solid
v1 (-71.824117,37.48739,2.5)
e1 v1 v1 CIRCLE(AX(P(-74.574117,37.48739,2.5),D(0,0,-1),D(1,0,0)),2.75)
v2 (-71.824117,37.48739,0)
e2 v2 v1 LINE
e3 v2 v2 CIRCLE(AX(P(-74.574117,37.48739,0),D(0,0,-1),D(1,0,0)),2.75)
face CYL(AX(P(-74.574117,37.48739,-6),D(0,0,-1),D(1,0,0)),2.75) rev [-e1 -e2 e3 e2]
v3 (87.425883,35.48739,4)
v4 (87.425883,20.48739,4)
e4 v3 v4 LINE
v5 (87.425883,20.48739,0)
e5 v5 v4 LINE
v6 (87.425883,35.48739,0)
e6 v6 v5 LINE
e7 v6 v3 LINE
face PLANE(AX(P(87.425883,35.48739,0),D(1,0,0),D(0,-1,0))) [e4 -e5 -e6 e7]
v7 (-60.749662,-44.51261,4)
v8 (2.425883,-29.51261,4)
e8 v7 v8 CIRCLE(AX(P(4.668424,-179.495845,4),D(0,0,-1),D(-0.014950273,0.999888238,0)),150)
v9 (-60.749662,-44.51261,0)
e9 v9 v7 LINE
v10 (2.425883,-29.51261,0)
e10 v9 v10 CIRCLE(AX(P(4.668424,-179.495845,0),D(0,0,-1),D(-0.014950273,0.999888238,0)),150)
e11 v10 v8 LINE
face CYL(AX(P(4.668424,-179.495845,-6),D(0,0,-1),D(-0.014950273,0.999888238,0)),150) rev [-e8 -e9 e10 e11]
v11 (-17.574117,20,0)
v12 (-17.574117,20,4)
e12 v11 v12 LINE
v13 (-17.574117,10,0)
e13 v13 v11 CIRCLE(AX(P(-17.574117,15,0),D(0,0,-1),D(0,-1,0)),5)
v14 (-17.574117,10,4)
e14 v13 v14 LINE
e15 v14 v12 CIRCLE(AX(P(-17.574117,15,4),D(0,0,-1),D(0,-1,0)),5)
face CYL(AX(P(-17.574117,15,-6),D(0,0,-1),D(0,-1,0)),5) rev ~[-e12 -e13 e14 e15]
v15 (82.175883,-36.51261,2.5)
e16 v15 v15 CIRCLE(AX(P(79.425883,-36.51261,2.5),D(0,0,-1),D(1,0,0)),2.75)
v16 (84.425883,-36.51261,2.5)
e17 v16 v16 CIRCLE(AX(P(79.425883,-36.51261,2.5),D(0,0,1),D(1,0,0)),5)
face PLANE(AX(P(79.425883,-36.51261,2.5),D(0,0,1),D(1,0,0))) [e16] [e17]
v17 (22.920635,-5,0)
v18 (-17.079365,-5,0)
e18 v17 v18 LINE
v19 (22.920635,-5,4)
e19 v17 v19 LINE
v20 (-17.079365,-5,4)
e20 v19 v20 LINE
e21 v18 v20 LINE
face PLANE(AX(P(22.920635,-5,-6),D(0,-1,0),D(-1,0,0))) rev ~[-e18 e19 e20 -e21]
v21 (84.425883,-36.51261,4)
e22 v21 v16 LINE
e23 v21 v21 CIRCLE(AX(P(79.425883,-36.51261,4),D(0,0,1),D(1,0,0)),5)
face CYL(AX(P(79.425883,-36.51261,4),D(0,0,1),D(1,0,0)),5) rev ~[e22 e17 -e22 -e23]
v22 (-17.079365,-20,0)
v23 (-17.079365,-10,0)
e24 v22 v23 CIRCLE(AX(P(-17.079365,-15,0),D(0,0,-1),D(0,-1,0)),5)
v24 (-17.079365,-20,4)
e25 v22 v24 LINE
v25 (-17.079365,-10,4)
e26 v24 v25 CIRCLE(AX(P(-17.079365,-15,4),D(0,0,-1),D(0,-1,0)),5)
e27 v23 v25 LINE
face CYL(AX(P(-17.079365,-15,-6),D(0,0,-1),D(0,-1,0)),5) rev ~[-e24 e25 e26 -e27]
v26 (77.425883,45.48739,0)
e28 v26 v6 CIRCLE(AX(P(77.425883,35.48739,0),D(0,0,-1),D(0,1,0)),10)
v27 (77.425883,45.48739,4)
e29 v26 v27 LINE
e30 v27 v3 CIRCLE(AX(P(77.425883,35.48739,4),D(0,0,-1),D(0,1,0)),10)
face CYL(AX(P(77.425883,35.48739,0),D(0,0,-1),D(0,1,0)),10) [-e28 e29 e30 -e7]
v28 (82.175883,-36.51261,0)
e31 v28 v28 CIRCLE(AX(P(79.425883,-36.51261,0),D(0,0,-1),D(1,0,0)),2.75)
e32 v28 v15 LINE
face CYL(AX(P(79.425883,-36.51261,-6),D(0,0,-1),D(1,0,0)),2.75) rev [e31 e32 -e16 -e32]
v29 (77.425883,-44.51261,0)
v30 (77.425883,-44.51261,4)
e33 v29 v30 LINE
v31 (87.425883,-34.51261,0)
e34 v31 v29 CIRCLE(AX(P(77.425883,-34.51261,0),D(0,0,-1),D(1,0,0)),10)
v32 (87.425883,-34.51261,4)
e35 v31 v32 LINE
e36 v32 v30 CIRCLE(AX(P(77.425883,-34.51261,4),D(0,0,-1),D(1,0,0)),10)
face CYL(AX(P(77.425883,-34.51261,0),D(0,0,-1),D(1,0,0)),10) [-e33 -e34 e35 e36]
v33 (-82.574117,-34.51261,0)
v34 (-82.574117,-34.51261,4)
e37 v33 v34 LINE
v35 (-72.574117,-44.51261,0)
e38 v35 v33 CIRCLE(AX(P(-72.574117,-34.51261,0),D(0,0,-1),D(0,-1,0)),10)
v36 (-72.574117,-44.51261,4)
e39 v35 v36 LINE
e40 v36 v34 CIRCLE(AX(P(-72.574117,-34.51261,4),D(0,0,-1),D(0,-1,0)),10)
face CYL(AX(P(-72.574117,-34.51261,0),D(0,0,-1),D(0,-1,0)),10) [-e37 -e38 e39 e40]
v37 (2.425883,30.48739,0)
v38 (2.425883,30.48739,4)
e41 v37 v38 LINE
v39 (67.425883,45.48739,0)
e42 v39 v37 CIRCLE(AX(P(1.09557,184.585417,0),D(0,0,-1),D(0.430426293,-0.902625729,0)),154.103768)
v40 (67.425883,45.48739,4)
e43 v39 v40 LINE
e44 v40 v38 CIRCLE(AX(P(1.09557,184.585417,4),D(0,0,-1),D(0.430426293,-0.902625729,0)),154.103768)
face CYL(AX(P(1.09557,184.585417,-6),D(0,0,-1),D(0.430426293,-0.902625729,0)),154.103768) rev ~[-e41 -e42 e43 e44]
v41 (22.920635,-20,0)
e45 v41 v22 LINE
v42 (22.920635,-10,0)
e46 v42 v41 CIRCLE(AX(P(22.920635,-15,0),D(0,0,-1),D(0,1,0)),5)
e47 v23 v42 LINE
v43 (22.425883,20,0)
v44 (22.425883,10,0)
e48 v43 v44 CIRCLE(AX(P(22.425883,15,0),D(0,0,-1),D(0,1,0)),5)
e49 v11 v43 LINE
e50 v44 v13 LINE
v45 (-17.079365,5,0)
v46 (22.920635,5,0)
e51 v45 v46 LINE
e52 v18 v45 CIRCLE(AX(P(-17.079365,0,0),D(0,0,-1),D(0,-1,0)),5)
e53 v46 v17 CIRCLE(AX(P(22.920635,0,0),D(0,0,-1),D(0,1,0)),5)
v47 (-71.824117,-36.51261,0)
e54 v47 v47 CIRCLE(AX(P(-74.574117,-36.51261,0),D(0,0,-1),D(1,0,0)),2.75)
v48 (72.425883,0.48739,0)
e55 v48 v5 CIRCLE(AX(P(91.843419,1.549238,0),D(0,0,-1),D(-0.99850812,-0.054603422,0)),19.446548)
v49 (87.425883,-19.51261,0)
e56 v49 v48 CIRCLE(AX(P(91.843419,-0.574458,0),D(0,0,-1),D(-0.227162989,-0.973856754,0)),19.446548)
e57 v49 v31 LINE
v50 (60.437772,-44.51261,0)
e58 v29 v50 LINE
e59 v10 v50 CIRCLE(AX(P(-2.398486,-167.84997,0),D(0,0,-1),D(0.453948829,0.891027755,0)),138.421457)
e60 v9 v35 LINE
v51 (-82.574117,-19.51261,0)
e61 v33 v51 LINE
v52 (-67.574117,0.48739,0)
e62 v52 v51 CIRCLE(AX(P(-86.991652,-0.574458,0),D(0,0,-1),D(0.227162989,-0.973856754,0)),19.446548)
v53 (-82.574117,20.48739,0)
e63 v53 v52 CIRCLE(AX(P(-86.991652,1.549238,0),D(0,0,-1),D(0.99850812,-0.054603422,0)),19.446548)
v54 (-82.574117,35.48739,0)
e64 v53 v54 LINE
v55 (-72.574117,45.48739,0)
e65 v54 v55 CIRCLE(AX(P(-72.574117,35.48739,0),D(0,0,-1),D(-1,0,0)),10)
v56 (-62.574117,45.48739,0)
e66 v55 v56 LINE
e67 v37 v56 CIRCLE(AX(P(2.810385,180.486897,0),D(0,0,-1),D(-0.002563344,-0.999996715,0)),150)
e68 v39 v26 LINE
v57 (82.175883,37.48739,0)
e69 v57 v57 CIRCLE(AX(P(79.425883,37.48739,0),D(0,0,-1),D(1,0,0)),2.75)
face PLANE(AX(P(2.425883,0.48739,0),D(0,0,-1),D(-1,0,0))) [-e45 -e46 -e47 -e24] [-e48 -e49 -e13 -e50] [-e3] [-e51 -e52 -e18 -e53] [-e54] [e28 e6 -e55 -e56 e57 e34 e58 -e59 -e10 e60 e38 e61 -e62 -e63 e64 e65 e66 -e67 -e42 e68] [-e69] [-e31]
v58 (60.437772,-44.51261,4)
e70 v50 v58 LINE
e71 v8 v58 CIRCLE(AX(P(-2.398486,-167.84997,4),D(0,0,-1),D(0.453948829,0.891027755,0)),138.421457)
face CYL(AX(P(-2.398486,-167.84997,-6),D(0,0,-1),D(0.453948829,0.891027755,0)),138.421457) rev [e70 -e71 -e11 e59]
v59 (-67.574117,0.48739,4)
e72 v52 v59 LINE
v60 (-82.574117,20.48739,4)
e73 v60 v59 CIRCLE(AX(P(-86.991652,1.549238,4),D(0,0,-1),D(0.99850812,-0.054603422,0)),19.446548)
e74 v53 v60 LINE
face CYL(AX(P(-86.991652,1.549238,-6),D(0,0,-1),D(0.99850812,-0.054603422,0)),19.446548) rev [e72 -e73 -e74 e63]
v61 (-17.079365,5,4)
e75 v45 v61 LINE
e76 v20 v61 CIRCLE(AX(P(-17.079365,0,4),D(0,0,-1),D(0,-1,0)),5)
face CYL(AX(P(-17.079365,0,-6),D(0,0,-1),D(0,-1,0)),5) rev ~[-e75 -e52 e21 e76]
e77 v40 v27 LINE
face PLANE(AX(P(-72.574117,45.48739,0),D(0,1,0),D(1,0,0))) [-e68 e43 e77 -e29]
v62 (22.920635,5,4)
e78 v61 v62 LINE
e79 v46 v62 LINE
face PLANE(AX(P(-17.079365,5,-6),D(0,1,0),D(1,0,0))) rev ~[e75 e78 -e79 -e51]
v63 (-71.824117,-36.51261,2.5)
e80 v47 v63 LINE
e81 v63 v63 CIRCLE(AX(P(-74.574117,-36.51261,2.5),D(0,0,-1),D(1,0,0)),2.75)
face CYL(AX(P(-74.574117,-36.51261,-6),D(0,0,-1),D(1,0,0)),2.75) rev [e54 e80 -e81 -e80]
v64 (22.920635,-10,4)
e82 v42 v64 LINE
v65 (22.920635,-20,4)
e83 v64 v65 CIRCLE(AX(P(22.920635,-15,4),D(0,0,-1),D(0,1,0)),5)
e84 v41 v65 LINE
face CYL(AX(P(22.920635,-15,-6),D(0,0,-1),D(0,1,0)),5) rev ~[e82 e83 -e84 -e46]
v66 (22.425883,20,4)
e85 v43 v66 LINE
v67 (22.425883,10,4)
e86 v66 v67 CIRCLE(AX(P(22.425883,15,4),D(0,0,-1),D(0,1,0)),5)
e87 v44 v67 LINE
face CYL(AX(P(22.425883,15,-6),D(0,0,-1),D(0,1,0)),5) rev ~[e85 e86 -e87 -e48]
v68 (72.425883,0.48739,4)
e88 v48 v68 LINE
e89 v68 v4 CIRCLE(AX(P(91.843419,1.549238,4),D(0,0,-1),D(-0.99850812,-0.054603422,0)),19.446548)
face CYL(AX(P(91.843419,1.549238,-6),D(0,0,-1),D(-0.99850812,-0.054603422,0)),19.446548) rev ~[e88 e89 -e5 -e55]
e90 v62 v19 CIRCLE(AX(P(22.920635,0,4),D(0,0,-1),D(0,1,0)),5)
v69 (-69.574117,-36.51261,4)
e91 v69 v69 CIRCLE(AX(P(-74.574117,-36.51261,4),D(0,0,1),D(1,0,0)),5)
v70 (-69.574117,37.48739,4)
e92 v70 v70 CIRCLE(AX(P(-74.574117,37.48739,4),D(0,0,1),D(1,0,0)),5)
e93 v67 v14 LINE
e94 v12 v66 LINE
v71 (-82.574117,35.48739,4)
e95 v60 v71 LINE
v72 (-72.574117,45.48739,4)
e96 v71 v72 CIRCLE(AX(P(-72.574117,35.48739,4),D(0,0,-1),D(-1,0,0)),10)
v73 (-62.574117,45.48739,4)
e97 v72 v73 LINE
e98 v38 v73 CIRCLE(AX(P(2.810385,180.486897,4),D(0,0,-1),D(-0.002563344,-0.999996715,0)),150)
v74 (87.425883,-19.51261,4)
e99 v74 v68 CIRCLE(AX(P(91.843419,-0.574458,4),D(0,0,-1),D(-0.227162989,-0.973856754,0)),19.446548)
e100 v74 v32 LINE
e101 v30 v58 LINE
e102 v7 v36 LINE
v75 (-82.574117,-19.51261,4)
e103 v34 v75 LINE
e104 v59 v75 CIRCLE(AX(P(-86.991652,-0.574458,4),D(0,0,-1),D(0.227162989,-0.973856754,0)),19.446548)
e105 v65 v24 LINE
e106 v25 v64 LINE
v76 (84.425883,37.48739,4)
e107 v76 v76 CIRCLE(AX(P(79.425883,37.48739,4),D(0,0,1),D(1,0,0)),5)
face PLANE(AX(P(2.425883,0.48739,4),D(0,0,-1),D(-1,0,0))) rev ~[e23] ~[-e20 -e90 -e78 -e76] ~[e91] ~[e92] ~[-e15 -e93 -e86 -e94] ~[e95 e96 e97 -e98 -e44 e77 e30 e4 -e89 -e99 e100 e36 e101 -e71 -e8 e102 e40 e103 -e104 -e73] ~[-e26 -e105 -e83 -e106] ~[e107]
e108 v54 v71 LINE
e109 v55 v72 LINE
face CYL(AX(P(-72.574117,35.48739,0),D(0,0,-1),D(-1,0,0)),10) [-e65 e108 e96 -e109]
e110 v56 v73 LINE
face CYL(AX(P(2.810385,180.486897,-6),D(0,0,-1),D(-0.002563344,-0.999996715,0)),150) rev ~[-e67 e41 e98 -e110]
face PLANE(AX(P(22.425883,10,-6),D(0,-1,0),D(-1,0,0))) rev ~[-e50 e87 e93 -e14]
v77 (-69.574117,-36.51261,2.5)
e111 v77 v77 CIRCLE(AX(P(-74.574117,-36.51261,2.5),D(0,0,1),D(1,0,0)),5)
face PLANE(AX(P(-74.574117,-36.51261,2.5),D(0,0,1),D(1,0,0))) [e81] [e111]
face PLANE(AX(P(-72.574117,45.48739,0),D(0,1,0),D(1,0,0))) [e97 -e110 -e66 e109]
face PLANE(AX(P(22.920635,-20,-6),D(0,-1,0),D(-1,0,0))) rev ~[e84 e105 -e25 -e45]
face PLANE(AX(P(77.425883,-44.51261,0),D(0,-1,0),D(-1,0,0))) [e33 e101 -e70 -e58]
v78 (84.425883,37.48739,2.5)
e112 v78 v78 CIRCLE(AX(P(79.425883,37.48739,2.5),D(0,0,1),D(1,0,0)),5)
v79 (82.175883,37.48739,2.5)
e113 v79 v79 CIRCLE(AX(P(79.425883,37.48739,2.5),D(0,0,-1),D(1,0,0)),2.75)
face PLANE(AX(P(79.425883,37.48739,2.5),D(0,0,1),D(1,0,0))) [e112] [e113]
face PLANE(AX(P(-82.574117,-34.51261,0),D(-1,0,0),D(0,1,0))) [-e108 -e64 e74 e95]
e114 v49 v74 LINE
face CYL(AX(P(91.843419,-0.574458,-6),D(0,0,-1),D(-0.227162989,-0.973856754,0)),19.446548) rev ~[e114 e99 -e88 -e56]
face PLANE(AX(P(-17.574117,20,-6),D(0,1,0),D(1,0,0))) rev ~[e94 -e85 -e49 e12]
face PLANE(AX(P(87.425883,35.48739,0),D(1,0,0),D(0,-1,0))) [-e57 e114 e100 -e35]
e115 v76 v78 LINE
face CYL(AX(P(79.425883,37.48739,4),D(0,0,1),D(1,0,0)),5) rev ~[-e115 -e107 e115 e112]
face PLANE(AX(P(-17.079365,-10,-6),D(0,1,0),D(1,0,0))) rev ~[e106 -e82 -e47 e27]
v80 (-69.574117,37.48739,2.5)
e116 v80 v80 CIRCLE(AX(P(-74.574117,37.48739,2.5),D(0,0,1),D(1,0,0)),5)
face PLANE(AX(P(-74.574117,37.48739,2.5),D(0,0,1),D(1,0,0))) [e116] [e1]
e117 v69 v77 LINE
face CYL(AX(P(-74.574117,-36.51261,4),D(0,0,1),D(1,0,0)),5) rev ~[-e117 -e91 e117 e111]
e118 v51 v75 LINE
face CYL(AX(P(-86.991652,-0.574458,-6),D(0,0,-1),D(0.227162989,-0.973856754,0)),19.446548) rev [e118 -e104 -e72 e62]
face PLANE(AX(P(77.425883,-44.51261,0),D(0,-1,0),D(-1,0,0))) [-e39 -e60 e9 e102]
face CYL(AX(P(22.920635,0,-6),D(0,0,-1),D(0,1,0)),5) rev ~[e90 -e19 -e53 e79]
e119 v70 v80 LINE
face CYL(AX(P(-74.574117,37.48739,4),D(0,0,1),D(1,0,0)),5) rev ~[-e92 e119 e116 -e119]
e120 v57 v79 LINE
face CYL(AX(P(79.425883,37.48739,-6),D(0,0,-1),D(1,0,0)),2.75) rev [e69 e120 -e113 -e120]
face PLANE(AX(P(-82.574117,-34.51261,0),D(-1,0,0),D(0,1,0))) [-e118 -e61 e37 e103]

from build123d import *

# Parameters (mm, degrees)
EXTRUDE_1_DEPTH          = 4
CUT_EXTRUDE_1_DEPTH      = 42
CUT_EXTRUDE_1_DEPTH_BACK = 10
SKETCH_2_R               = 2.75
SKETCH_3_R               = 5
CUT_EXTRUDE_2_DEPTH      = 1.5


with BuildPart() as part:
    # 草图1 → 凸台-拉伸1 (new body)
    with BuildSketch(Plane.XY):
        with BuildLine():
            Line((-72.574116531, 45.487390308), (77.425883469, 45.487390308))
            ThreePointArc((77.425883469, 45.487390308), (84.496951281, 42.558458119), (87.425883469, 35.487390308))
            Line((87.425883469, 35.487390308), (87.425883469, -34.512609692))
            ThreePointArc((87.425883469, -34.512609692), (84.496951281, -41.583677504), (77.425883469, -44.512609692))
            Line((77.425883469, -44.512609692), (-72.574116531, -44.512609692))
            ThreePointArc((-72.574116531, -44.512609692), (-79.645184343, -41.583677504), (-82.574116531, -34.512609692))
            Line((-82.574116531, -34.512609692), (-82.574116531, 35.487390308))
            ThreePointArc((-82.574116531, 35.487390308), (-79.645184343, 42.558458119), (-72.574116531, 45.487390308))
        make_face()
    extrude(amount=EXTRUDE_1_DEPTH)

    # 草图2 → 切除-拉伸1 (cut, two sides: drawn at the far end of the back side and taken through both)
    with BuildSketch(Plane.XY.offset(4).offset(-CUT_EXTRUDE_1_DEPTH_BACK)):
        with Locations((-74.574116531, 37.487390308)):
            Circle(SKETCH_2_R)
        with Locations((-74.574116531, -36.512609692)):
            Circle(SKETCH_2_R)
        with Locations((79.425883469, 37.487390308)):
            Circle(SKETCH_2_R)
        with Locations((79.425883469, -36.512609692)):
            Circle(SKETCH_2_R)
        with BuildLine():
            Line((-60.749662301, -44.512609692), (60.437772164, -44.512609692))
            ThreePointArc((60.437772164, -44.512609692), (32.253211404, -33.835942142), (2.425883469, -29.512609692))
            ThreePointArc((2.425883469, -29.512609692), (-29.983273004, -33.55318593), (-60.749662301, -44.512609692))
        make_face()
        with BuildLine():
            Line((-62.574116531, 45.487390308), (67.425883469, 45.487390308))
            ThreePointArc((67.425883469, 45.487390308), (35.747267057, 34.428061428), (2.425883469, 30.487390308))
            ThreePointArc((2.425883469, 30.487390308), (-30.918540876, 34.328218147), (-62.574116531, 45.487390308))
        make_face()
        with BuildLine():
            Line((87.425883469, 20.487390308), (87.425883469, -19.512609692))
            ThreePointArc((87.425883469, -19.512609692), (76.286181126, -12.242386449), (72.425883469, 0.487390308))
            ThreePointArc((72.425883469, 0.487390308), (76.286181126, 13.217167065), (87.425883469, 20.487390308))
        make_face()
        with BuildLine():
            Line((-82.574116531, 20.487390308), (-82.574116531, -19.512609692))
            ThreePointArc((-82.574116531, -19.512609692), (-71.434414188, -12.242386449), (-67.574116531, 0.487390308))
            ThreePointArc((-67.574116531, 0.487390308), (-71.434414188, 13.217167065), (-82.574116531, 20.487390308))
        make_face()
        with BuildLine():
            Line((-17.574116531, 20), (22.425883469, 20))
            ThreePointArc((22.425883469, 20), (27.425883469, 15), (22.425883469, 10))
            Line((22.425883469, 10), (-17.574116531, 10))
            ThreePointArc((-17.574116531, 10), (-22.574116531, 15), (-17.574116531, 20))
        make_face()
        with BuildLine():
            Line((-17.079364826, 5), (22.920635174, 5))
            ThreePointArc((22.920635174, 5), (27.920635174, 0), (22.920635174, -5))
            Line((22.920635174, -5), (-17.079364826, -5))
            ThreePointArc((-17.079364826, -5), (-22.079364826, 0), (-17.079364826, 5))
        make_face()
        with BuildLine():
            Line((-17.079364826, -10), (22.920635174, -10))
            ThreePointArc((22.920635174, -10), (27.920635174, -15), (22.920635174, -20))
            Line((22.920635174, -20), (-17.079364826, -20))
            ThreePointArc((-17.079364826, -20), (-22.079364826, -15), (-17.079364826, -10))
        make_face()
    extrude(amount=CUT_EXTRUDE_1_DEPTH + CUT_EXTRUDE_1_DEPTH_BACK, mode=Mode.SUBTRACT)

    # 草图3 → 切除-拉伸2 (cut)
    with BuildSketch(Plane.XY.offset(4)):
        with Locations((-74.574116531, 37.487390308)):
            Circle(SKETCH_3_R)
        with Locations((79.425883469, 37.487390308)):
            Circle(SKETCH_3_R)
        with Locations((79.425883469, -36.512609692)):
            Circle(SKETCH_3_R)
        with Locations((-74.574116531, -36.512609692)):
            Circle(SKETCH_3_R)
    extrude(amount=-CUT_EXTRUDE_2_DEPTH, mode=Mode.SUBTRACT)


solid = part.part
